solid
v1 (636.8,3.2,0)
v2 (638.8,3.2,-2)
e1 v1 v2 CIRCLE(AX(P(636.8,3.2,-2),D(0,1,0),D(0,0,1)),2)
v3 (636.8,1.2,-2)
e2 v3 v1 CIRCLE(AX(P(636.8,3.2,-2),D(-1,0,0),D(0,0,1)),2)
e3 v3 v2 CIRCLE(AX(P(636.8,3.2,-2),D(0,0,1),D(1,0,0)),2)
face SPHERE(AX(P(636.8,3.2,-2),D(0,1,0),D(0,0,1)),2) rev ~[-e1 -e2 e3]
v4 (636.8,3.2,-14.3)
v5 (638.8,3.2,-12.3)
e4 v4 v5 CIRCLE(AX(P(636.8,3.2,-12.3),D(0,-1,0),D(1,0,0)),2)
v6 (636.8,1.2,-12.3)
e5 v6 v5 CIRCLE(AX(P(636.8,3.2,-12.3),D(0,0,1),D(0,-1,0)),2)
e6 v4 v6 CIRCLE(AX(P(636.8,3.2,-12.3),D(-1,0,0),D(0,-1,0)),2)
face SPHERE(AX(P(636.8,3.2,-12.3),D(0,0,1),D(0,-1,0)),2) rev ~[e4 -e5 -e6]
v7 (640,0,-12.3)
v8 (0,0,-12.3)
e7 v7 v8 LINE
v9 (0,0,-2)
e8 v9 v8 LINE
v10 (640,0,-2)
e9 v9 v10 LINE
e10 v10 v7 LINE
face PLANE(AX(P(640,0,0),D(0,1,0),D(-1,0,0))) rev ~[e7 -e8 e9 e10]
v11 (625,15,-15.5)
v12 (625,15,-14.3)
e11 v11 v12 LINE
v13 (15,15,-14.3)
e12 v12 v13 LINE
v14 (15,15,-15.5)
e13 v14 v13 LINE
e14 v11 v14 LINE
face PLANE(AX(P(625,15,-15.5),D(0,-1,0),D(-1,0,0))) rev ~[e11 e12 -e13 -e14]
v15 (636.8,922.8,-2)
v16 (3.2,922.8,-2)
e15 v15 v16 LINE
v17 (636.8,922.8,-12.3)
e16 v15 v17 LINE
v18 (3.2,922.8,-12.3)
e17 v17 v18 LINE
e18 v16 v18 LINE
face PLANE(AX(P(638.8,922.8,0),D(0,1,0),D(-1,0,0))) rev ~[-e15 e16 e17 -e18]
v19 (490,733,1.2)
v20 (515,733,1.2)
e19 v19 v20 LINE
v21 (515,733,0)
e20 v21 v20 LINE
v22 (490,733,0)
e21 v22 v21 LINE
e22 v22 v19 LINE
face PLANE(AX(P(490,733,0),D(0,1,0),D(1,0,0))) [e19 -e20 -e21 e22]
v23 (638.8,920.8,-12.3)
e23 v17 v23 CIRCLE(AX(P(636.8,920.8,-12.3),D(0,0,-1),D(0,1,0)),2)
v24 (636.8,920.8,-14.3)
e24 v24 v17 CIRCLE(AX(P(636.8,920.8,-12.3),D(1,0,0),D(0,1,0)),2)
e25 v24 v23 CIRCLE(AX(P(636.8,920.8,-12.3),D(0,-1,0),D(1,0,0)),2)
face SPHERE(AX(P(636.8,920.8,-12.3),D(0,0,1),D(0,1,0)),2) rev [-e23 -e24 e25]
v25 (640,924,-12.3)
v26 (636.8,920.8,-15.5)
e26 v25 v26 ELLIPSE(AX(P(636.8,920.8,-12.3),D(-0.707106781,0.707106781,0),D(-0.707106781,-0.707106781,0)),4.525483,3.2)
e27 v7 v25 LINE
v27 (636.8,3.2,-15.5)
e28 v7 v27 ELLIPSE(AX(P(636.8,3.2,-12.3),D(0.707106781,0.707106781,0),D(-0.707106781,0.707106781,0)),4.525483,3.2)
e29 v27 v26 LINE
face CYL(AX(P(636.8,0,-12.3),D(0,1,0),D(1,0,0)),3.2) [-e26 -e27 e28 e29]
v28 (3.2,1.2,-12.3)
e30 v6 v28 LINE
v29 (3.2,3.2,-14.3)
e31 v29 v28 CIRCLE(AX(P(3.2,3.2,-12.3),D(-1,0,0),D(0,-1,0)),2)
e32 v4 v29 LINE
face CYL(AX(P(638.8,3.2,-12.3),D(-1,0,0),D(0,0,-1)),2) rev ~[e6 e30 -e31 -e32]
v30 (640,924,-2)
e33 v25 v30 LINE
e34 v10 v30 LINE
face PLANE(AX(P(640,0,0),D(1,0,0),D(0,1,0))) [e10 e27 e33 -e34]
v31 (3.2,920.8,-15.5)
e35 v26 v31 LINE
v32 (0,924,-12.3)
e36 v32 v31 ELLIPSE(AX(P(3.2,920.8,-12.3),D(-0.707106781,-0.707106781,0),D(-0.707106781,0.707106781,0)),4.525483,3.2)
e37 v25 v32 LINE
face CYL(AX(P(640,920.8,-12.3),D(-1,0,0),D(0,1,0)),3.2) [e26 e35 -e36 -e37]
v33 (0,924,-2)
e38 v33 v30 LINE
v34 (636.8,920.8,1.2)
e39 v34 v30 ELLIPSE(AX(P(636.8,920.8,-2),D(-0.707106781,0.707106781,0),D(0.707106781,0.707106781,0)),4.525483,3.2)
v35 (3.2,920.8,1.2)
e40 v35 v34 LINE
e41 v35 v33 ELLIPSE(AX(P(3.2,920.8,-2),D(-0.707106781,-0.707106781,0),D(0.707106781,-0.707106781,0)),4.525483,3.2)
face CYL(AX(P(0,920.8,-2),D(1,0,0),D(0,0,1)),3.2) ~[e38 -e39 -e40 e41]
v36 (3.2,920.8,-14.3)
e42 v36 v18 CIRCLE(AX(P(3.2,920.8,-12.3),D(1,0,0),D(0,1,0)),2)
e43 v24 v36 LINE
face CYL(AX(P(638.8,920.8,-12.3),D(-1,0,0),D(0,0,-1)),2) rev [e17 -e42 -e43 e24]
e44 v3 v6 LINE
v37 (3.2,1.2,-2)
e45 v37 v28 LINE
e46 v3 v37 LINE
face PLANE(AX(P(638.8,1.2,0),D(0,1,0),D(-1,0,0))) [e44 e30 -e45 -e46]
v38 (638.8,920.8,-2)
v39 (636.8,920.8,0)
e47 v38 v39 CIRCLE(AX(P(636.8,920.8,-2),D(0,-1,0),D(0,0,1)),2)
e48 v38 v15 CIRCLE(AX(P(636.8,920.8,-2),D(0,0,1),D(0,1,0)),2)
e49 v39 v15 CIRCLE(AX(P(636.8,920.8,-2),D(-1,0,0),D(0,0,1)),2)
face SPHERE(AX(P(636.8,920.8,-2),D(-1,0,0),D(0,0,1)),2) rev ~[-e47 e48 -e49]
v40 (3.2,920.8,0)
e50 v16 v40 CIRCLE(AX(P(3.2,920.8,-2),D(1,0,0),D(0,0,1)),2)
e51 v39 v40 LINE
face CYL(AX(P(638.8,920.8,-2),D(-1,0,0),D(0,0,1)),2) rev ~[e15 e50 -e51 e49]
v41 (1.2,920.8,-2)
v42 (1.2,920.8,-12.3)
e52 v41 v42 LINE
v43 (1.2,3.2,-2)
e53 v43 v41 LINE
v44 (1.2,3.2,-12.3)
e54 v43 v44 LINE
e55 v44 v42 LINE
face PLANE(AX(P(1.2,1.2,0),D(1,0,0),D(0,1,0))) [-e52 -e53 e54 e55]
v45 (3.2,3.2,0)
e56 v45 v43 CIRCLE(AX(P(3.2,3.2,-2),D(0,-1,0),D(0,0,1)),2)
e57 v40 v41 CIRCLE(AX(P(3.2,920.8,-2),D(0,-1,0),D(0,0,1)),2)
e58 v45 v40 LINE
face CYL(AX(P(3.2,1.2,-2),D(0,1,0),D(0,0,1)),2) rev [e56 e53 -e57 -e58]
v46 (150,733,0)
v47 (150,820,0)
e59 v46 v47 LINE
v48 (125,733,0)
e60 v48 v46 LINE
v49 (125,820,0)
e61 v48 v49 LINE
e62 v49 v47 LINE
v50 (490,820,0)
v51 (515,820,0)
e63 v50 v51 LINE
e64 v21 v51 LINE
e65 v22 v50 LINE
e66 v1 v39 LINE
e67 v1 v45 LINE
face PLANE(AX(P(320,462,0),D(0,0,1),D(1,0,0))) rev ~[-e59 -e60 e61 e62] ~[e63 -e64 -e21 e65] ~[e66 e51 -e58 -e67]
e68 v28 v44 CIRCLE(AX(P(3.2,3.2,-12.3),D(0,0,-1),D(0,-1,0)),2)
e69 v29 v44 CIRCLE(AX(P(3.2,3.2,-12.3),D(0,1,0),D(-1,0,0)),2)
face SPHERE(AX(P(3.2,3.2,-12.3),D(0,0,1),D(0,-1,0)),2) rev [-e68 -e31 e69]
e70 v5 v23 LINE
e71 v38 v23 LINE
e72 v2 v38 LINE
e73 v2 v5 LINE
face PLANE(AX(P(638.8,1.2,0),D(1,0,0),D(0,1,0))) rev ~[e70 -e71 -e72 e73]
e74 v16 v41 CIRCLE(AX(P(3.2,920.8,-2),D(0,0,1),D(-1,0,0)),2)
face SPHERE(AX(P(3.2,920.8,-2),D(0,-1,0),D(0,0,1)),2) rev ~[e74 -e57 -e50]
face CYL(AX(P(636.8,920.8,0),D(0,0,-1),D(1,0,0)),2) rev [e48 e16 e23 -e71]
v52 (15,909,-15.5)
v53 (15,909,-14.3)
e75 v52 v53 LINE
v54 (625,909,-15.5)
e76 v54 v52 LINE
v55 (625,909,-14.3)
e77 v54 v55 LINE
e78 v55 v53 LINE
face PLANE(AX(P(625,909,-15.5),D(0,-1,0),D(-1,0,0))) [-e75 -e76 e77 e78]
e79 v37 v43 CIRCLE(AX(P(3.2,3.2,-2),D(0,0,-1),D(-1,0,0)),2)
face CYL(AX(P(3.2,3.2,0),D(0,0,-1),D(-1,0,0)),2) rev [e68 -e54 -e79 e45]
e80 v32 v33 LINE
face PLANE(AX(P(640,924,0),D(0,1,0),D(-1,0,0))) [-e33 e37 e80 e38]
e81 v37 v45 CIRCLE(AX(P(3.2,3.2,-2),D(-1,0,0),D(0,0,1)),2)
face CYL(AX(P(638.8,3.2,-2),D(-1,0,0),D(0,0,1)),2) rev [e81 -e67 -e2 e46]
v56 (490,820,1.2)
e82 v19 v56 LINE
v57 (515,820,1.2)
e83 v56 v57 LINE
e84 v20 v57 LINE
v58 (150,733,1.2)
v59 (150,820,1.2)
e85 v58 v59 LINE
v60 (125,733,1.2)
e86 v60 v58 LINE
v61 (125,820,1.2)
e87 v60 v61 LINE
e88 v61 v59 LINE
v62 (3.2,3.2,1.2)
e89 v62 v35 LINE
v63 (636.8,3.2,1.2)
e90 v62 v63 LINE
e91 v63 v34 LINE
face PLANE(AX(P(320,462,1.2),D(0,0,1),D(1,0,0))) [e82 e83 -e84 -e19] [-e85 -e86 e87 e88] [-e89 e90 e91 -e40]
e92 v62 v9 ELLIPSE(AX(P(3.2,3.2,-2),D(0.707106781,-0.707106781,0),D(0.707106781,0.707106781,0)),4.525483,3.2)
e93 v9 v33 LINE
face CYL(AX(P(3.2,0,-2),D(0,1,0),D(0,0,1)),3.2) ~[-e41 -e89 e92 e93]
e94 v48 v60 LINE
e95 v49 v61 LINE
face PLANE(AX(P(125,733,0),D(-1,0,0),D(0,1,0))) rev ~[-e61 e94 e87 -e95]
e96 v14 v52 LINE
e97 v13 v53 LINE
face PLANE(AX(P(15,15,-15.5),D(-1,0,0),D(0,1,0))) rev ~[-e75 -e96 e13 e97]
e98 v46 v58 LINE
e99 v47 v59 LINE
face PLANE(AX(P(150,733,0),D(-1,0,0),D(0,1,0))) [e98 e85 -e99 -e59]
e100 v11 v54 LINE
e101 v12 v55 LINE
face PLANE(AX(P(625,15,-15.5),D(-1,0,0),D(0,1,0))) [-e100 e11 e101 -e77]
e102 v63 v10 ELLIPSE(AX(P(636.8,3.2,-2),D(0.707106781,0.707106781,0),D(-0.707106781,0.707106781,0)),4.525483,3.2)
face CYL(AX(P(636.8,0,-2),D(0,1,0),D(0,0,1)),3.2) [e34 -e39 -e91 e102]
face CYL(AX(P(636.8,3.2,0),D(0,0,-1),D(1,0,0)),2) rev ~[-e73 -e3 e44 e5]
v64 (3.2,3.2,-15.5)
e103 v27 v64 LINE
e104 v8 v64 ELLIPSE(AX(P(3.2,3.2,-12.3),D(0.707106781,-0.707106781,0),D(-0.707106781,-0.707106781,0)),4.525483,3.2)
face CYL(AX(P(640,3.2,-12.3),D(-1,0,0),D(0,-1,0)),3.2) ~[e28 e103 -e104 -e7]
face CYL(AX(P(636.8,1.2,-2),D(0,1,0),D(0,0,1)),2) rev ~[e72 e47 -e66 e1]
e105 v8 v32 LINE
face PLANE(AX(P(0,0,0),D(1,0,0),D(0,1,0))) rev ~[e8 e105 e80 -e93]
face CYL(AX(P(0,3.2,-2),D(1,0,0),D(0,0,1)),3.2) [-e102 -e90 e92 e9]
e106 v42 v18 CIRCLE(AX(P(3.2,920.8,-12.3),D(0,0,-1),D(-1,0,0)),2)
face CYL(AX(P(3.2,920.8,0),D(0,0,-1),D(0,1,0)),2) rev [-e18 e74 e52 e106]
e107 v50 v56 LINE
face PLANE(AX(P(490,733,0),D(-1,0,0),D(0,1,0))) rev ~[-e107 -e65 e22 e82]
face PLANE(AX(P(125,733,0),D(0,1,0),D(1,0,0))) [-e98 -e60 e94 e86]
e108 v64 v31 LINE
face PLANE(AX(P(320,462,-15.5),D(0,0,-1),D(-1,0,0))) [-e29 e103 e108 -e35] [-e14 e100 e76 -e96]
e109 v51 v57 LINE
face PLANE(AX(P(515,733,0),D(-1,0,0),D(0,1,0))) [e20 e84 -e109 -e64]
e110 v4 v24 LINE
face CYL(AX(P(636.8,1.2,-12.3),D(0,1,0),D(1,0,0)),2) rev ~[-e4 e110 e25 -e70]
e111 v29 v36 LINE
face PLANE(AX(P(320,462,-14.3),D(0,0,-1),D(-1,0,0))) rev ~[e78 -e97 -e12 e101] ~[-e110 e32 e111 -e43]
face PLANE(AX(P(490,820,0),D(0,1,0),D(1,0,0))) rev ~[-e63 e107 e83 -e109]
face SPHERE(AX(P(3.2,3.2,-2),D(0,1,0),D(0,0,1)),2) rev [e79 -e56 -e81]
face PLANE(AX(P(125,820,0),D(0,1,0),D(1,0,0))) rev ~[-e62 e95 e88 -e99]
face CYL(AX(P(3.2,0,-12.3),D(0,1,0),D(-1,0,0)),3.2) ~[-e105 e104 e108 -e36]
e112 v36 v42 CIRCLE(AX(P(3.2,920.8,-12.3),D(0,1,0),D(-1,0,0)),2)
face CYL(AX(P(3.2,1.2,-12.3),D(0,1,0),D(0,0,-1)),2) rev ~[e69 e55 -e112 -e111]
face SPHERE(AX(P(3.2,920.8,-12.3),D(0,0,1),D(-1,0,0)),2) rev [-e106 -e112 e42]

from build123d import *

# Parameters (mm, degrees)
SKETCH_1_W      = 640
SKETCH_1_H      = 924
SKETCH_1_W_2    = 25
SKETCH_1_H_2    = 87
EXTRUDE_1_DEPTH = 1.2
SKETCH_2_W      = 640
SKETCH_2_H      = 924
SKETCH_2_W_2    = 637.6
SKETCH_2_H_2    = 921.6
EXTRUDE_2_DEPTH = 15.5
SKETCH_3_W      = 640
SKETCH_3_H      = 924
SKETCH_3_W_2    = 610
SKETCH_3_H_2    = 894
EXTRUDE_3_DEPTH = 1.2
FILLET_1_R      = 2
FILLET_2_R      = 3.2
FILLET_3_R      = 3.2


with BuildPart() as part:
    # 스케치1 → 보스-돌출1 (new body)
    with BuildSketch(Plane.XY):
        with Locations((320, 462)):
            Rectangle(SKETCH_1_W, SKETCH_1_H)
        with Locations((137.5, 776.5)):
            Rectangle(SKETCH_1_W_2, SKETCH_1_H_2, mode=Mode.SUBTRACT)
        with Locations((502.5, 776.5)):
            Rectangle(SKETCH_1_W_2, SKETCH_1_H_2, mode=Mode.SUBTRACT)
    extrude(amount=EXTRUDE_1_DEPTH)

    # 스케치2 → 보스-돌출2 (add)
    with BuildSketch(Plane(origin=(0, 0, 0), x_dir=(-1, 0, 0), z_dir=(0, 0, -1))):
        with Locations((-320, 462)):
            Rectangle(SKETCH_2_W, SKETCH_2_H)
        with Locations((-320, 462)):
            Rectangle(SKETCH_2_W_2, SKETCH_2_H_2, mode=Mode.SUBTRACT)
    extrude(amount=EXTRUDE_2_DEPTH)

    # 스케치3 → 보스-돌출3 (add)
    with BuildSketch(Plane(origin=(0, 0, -15.5), x_dir=(-1, 0, 0), z_dir=(0, 0, -1))):
        with Locations((-320, 462)):
            Rectangle(SKETCH_3_W, SKETCH_3_H)
        with Locations((-320, 462)):
            Rectangle(SKETCH_3_W_2, SKETCH_3_H_2, mode=Mode.SUBTRACT)
    extrude(amount=-EXTRUDE_3_DEPTH)

    # 필렛1
    fillet_1_edges = [part.edges().sort_by_distance(p)[0] for p in [
        (1.2, 462, 0),
        (320, 922.8, 0),
        (638.8, 462, 0),
        (320, 1.2, 0),
        (638.8, 1.2, -7.15),
        (1.2, 1.2, -7.15),
        (320, 1.2, -14.3),
        (638.8, 922.8, -7.15),
        (1.2, 922.8, -7.15),
        (1.2, 462, -14.3),
        (320, 922.8, -14.3),
        (638.8, 462, -14.3),
    ]]
    fillet(fillet_1_edges, radius=FILLET_1_R)

    # 필렛2
    fillet_2_edges = [part.edges().sort_by_distance(p)[0] for p in [
        (640, 462, 1.2),
        (320, 924, 1.2),
        (0, 462, 1.2),
        (320, 0, 1.2),
    ]]
    fillet(fillet_2_edges, radius=FILLET_2_R)

    # 필렛3
    fillet_3_edges = [part.edges().sort_by_distance(p)[0] for p in [
        (320, 0, -15.5),
        (0, 462, -15.5),
        (320, 924, -15.5),
        (640, 462, -15.5),
    ]]
    fillet(fillet_3_edges, radius=FILLET_3_R)


solid = part.part
